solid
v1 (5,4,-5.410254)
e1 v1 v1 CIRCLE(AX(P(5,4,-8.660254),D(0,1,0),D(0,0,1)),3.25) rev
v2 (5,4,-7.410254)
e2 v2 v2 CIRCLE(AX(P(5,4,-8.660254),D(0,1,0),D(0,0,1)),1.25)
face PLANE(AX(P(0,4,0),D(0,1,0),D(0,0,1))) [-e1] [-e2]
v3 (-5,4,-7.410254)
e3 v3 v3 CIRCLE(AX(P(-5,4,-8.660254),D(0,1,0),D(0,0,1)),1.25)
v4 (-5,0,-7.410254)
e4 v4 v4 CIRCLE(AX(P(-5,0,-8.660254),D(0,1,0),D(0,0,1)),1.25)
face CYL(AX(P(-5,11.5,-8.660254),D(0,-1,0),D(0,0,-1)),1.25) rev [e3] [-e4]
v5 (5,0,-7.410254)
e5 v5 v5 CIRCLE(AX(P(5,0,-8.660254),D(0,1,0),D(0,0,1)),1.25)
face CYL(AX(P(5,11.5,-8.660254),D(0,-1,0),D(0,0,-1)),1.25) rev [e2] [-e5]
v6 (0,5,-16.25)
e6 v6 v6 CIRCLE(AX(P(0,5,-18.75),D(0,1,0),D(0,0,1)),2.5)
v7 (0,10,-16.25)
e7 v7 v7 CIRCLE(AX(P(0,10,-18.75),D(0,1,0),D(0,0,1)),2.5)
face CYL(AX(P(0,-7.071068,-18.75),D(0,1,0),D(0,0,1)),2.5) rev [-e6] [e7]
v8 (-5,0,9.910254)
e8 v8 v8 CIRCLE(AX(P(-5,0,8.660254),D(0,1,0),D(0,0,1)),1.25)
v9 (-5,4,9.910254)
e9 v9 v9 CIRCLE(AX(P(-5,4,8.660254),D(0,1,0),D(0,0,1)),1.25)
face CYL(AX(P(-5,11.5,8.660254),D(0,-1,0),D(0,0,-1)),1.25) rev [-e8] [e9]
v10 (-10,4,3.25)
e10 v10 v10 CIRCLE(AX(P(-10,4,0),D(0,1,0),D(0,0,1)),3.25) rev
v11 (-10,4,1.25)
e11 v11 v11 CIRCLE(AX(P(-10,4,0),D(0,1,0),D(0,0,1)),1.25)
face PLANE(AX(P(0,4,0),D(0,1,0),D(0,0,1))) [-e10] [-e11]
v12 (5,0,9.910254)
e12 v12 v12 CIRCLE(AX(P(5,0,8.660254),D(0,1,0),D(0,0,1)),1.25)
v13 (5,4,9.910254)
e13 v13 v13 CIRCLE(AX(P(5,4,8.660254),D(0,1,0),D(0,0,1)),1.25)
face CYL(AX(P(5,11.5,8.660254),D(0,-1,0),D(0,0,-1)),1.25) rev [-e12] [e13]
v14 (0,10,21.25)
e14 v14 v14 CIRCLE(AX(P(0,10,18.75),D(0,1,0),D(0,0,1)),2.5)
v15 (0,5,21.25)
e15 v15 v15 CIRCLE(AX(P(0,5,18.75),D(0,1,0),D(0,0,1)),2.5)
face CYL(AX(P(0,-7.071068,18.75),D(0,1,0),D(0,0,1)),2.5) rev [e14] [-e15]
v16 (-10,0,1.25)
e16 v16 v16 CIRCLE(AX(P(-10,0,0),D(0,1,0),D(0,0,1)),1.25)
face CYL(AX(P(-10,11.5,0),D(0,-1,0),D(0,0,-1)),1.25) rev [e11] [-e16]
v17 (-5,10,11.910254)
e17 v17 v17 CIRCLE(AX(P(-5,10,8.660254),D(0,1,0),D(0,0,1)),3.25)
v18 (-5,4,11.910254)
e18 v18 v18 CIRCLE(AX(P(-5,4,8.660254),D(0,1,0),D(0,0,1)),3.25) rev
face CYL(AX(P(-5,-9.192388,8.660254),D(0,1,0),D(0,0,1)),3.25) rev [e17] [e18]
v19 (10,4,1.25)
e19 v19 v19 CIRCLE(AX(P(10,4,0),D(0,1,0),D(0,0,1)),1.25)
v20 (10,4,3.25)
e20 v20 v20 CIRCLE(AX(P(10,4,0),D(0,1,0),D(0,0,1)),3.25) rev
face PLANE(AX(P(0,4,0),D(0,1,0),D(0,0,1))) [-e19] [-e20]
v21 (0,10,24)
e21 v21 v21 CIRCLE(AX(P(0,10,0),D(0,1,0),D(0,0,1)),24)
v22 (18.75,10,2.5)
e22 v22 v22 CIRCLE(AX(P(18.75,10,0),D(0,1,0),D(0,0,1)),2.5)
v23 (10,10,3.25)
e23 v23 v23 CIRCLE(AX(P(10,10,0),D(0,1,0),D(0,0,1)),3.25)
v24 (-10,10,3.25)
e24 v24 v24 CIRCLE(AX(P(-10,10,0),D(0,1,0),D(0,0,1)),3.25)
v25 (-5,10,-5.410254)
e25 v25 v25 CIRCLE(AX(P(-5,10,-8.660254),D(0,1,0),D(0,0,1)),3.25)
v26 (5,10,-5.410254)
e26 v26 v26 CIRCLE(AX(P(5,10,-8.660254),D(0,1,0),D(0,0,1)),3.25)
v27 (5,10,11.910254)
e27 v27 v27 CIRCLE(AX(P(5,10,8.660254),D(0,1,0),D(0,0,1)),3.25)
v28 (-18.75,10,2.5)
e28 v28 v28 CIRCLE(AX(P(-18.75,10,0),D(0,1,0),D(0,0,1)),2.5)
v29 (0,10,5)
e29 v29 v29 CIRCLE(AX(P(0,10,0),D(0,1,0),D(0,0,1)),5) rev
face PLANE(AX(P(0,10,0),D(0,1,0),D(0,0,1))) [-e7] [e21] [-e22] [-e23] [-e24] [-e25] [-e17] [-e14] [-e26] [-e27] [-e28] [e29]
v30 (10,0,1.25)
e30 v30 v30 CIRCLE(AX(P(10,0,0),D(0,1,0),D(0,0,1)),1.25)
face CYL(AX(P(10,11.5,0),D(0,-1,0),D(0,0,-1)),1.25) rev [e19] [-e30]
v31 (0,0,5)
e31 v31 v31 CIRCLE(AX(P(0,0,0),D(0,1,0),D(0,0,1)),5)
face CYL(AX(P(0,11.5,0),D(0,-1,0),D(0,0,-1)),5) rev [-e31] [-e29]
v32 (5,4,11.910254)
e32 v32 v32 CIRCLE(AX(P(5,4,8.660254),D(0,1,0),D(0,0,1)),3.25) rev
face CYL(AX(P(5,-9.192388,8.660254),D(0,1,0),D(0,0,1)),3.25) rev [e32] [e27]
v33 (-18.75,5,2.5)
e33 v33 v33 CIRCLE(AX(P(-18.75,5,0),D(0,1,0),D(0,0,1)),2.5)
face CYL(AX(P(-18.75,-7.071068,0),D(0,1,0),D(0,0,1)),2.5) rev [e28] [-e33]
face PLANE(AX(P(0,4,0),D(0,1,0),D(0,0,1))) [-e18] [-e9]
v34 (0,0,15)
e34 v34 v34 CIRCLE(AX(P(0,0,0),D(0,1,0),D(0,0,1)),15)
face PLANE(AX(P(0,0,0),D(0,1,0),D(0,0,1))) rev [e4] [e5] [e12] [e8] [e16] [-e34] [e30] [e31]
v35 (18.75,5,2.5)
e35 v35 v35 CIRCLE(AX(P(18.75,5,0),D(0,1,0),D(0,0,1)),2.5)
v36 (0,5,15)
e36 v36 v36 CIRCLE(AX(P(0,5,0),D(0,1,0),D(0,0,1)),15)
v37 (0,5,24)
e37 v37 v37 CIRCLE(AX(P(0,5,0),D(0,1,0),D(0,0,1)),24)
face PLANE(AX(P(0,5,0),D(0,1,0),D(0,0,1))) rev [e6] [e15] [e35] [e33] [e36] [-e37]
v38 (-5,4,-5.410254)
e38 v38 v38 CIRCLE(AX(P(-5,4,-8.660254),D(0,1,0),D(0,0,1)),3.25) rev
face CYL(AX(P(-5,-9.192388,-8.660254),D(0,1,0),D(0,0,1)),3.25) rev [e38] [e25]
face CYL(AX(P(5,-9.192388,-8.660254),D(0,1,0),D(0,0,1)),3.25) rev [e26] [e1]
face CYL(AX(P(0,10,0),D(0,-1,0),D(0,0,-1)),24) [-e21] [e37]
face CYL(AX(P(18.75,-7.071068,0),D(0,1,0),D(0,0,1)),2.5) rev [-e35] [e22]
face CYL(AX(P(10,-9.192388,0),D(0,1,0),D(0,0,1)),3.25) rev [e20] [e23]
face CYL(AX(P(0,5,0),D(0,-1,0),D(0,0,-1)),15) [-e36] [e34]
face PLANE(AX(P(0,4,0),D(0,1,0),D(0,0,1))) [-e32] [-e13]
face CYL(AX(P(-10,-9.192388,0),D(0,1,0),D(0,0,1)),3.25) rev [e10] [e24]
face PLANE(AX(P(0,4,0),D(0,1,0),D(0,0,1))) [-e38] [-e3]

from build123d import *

# Parameters (mm, degrees)
SKETCH1_R           = 15
BOSS_EXTRUDE1_DEPTH = 5
SKETCH3_R           = 24
BOSS_EXTRUDE3_DEPTH = 5
SKETCH2_R           = 1.25
SKETCH2_R_2         = 5
CUT_EXTRUDE1_DEPTH  = 11.5
SKETCH4_R           = 3.25
CUT_EXTRUDE2_DEPTH  = 6
SKETCH5_R           = 2.5
CUT_EXTRUDE3_DEPTH  = 6.5


with BuildPart() as part:
    # Sketch1 → Boss-Extrude1 (new body)
    with BuildSketch(Plane(origin=(0, 0, 0), x_dir=(1, 0, 0), z_dir=(0, 1, 0))):
        with Locations(Location((0, 0, 0), (0, 0, 270))):
            Circle(SKETCH1_R)
    extrude(amount=BOSS_EXTRUDE1_DEPTH)

    # Sketch3 → Boss-Extrude3 (add)
    with BuildSketch(Plane(origin=(0, 5, 0), x_dir=(1, 0, 0), z_dir=(0, 1, 0))):
        with Locations(Location((0, 0, 0), (0, 0, 270))):
            Circle(SKETCH3_R)
    extrude(amount=BOSS_EXTRUDE3_DEPTH)

    # Sketch2 → Cut-Extrude1 (cut)
    with BuildSketch(Plane(origin=(0, 0, 0), x_dir=(1, 0, 0), z_dir=(0, 1, 0))):
        with Locations(Location((-5, 8.660254038, 0), (0, 0, 270))):
            Circle(SKETCH2_R)
        with Locations(Location((5, 8.660254038, 0), (0, 0, 270))):
            Circle(SKETCH2_R)
        with Locations(Location((10, 0, 0), (0, 0, 270))):
            Circle(SKETCH2_R)
        with Locations(Location((5, -8.660254038, 0), (0, 0, 270))):
            Circle(SKETCH2_R)
        with Locations(Location((-5, -8.660254038, 0), (0, 0, 270))):
            Circle(SKETCH2_R)
        with Locations(Location((-10, 0, 0), (0, 0, 270))):
            Circle(SKETCH2_R)
        with Locations(Location((0, 0, 0), (0, 0, 270))):
            Circle(SKETCH2_R_2)
    extrude(amount=CUT_EXTRUDE1_DEPTH, mode=Mode.SUBTRACT)

    # Sketch4 → Cut-Extrude2 (cut)
    with BuildSketch(Plane(origin=(0, 10, 0), x_dir=(1, 0, 0), z_dir=(0, 1, 0))):
        with Locations(Location((10, 0, 0), (0, 0, 270))):
            Circle(SKETCH4_R)
        with Locations(Location((5, 8.660254038, 0), (0, 0, 270))):
            Circle(SKETCH4_R)
        with Locations(Location((5, -8.660254038, 0), (0, 0, 270))):
            Circle(SKETCH4_R)
        with Locations(Location((-5, -8.660254038, 0), (0, 0, 270))):
            Circle(SKETCH4_R)
        with Locations(Location((-10, 0, 0), (0, 0, 270))):
            Circle(SKETCH4_R)
        with Locations(Location((-5, 8.660254038, 0), (0, 0, 270))):
            Circle(SKETCH4_R)
    extrude(amount=-CUT_EXTRUDE2_DEPTH, mode=Mode.SUBTRACT)

    # Sketch5 → Cut-Extrude3 (cut)
    with BuildSketch(Plane(origin=(0, 10, 0), x_dir=(1, 0, 0), z_dir=(0, 1, 0))):
        with Locations(Location((0, 18.75, 0), (0, 0, 270))):
            Circle(SKETCH5_R)
        with Locations(Location((18.75, 0, 0), (0, 0, 270))):
            Circle(SKETCH5_R)
        with Locations(Location((0, -18.75, 0), (0, 0, 270))):
            Circle(SKETCH5_R)
        with Locations(Location((-18.75, 0, 0), (0, 0, 270))):
            Circle(SKETCH5_R)
    extrude(amount=-CUT_EXTRUDE3_DEPTH, mode=Mode.SUBTRACT)


solid = part.part
